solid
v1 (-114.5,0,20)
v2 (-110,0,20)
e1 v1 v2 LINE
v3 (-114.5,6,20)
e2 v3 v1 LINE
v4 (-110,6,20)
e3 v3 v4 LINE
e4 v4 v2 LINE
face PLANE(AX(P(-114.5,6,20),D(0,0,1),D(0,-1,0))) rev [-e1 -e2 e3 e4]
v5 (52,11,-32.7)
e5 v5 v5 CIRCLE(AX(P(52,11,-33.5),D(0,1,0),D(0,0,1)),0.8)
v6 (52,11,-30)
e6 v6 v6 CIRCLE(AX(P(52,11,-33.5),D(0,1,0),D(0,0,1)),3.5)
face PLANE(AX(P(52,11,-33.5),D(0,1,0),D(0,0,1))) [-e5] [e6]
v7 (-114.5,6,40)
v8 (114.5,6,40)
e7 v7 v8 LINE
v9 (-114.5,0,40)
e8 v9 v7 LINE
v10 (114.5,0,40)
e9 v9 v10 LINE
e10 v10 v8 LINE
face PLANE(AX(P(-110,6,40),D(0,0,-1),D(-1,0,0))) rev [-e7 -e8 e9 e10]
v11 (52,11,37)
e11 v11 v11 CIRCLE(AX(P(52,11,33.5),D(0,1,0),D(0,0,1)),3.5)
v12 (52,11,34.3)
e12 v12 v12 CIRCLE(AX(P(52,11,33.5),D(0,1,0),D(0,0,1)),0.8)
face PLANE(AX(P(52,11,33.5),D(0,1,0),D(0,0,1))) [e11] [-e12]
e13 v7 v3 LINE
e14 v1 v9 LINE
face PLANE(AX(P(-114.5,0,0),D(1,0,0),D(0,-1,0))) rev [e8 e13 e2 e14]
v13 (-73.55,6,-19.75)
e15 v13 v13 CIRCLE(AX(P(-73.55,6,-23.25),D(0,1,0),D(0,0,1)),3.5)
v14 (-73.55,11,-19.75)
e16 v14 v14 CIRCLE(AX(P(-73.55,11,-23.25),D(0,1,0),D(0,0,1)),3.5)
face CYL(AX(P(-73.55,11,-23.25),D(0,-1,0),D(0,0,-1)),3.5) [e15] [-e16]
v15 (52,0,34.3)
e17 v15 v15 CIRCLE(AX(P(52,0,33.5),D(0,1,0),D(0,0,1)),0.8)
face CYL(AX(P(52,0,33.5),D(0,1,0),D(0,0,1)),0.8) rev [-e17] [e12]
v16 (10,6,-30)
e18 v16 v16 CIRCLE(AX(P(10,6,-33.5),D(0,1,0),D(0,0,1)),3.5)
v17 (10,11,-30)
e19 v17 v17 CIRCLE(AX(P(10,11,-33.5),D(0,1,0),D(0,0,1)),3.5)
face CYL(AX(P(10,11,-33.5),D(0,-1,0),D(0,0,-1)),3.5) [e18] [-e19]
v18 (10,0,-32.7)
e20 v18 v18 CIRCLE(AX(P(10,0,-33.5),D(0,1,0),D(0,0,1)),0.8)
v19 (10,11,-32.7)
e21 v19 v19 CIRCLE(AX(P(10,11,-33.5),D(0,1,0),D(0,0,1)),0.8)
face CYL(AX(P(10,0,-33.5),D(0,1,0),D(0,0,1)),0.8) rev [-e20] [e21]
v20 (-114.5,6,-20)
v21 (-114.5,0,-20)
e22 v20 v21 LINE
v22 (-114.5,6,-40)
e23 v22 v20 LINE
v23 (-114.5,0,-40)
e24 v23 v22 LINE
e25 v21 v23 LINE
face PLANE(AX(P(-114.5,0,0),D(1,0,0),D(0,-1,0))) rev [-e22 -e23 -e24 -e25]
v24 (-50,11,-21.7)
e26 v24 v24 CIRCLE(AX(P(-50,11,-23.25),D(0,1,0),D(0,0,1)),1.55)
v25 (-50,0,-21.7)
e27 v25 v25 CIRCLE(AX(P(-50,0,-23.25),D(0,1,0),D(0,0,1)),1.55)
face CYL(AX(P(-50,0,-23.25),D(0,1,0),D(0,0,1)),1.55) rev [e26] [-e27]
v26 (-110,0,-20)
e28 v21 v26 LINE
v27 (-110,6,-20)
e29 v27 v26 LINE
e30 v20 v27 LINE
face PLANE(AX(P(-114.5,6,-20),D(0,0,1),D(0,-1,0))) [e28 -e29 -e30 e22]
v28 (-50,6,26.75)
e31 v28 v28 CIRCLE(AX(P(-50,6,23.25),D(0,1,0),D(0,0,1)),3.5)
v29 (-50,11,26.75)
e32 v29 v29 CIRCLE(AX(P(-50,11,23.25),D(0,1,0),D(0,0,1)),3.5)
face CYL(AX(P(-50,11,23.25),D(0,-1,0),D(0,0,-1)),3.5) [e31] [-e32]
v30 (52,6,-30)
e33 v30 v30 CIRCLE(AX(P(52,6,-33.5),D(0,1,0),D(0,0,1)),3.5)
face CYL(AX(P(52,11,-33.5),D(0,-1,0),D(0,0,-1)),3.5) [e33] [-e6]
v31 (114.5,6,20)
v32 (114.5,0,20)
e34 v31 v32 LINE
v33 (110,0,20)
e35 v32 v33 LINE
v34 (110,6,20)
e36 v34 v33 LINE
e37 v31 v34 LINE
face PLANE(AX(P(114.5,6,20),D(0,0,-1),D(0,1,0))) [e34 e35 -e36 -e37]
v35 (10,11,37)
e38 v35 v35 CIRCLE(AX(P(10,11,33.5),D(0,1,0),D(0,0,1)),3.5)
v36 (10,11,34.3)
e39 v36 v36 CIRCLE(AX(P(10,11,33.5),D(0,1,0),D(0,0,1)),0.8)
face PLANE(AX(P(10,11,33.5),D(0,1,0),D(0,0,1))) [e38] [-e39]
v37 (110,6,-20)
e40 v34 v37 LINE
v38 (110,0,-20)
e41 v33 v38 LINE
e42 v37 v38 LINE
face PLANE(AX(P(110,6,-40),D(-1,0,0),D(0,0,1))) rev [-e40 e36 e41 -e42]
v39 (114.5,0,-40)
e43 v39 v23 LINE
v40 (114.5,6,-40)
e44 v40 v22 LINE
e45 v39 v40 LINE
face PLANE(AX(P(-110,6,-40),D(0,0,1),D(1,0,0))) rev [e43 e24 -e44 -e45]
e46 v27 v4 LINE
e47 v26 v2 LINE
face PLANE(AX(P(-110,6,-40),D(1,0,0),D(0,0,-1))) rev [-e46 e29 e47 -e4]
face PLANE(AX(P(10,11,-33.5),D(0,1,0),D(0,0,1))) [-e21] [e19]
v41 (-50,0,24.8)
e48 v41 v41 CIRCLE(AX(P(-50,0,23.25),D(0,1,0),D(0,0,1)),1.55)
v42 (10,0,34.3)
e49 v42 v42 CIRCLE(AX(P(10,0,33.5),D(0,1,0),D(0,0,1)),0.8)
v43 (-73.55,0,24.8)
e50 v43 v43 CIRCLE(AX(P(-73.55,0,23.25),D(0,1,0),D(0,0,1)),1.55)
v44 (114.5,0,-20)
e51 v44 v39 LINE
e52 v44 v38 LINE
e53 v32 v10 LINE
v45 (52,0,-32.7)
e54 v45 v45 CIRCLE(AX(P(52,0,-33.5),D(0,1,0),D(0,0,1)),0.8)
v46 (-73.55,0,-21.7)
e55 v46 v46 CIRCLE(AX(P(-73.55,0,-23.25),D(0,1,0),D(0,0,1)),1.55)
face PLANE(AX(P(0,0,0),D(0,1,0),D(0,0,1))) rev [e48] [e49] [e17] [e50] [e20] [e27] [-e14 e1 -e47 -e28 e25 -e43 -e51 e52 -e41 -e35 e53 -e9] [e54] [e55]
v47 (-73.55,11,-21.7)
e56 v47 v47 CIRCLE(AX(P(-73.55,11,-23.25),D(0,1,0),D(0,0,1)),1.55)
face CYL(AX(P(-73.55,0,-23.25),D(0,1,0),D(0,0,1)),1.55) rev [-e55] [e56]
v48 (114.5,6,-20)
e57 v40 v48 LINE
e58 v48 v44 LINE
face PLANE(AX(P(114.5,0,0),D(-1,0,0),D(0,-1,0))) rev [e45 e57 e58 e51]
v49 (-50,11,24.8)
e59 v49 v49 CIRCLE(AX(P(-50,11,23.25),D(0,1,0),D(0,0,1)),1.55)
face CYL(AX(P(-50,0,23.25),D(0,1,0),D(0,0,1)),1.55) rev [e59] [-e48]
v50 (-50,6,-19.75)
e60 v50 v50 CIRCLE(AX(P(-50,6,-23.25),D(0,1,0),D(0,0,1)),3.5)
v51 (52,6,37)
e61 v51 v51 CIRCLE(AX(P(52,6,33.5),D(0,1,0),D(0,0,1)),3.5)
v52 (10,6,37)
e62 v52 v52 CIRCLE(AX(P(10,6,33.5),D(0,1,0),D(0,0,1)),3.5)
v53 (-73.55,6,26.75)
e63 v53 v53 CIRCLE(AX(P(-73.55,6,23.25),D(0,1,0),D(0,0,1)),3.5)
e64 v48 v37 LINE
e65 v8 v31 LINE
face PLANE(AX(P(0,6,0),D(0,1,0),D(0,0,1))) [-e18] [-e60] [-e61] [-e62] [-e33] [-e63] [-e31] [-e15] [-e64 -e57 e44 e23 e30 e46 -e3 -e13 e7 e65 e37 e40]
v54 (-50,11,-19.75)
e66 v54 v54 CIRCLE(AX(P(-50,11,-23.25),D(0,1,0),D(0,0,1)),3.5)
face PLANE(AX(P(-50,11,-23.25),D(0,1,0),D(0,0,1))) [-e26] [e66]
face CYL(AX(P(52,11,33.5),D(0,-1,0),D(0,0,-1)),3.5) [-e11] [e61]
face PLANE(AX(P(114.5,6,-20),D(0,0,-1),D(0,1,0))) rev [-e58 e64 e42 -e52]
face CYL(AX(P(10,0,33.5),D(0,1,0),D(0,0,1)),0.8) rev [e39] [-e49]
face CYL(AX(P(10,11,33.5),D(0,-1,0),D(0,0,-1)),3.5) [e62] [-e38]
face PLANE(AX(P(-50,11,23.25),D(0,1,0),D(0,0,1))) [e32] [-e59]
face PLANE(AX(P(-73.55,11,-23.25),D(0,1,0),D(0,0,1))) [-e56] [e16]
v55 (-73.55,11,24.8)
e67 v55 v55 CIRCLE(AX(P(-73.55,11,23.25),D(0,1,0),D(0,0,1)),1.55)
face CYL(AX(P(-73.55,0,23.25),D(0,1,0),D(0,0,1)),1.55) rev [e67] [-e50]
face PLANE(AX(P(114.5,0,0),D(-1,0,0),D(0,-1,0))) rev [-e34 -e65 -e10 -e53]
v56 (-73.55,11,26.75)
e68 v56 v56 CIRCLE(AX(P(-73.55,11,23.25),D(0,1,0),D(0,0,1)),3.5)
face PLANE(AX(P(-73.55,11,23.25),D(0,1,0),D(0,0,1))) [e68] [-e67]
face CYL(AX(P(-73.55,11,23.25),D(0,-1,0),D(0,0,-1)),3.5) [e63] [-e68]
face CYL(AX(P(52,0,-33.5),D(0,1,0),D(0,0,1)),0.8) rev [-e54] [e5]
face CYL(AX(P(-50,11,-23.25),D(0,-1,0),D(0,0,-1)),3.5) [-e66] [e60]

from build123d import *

# Parameters (mm, degrees)
SKETCH2_W                                  = 220
SKETCH2_H                                  = 80
MAIN_DEPTH                                 = 6
SKETCH3_W                                  = 20
SKETCH3_H                                  = 6
TAB_DEPTH                                  = 4.5
MIRROR1_AT_THE_SECOND_PLANE_COPY_1_SKETC_W = 20
MIRROR1_AT_THE_SECOND_PLANE_COPY_1_SKETC_H = 6
MIRROR1_AT_THE_SECOND_PLANE_COPY_1_DEPTH   = 4.5
SKETCH4_R                                  = 0.8
SKETCH4_R_2                                = 1.55
PCB_HOLES_DEPTH                            = 122.434138528
PCB_START                                  = 5
SKETCH5_R                                  = 3.5
SKETCH5_R_2                                = 1.55
SKETCH5_R_3                                = 0.8
PCB_PEGS_DEPTH                             = 5


with BuildPart() as part:
    # Sketch2 → Main (new body)
    with BuildSketch(Plane(origin=(0, 0, 0), x_dir=(1, 0, 0), z_dir=(0, 1, 0))):
        Rectangle(SKETCH2_W, SKETCH2_H)
    extrude(amount=MAIN_DEPTH)

    # Sketch3 → Tab (add)
    with BuildSketch(Plane(origin=(110, 0, 0), x_dir=(0, 0, -1), z_dir=(1, 0, 0))):
        with Locations((30, 3)):
            Rectangle(SKETCH3_W, SKETCH3_H)
    tab = extrude(amount=TAB_DEPTH)

    # Mirror1: Tab across plane
    add(tab.mirror(Plane(origin=(0, 0, 0), x_dir=(0, 0, 1), z_dir=(1, 0, 0))))

    # Mirror1 at the second plane: Tab across plane
    add(tab.mirror(Plane.XY))

    # Mirror1 at the second plane copy 1 sketc → Mirror1 at the second plane copy 1 (add)
    with BuildSketch(Plane.ZY.offset(110)):
        with Locations((30, 3)):
            Rectangle(MIRROR1_AT_THE_SECOND_PLANE_COPY_1_SKETC_W, MIRROR1_AT_THE_SECOND_PLANE_COPY_1_SKETC_H)
    extrude(amount=MIRROR1_AT_THE_SECOND_PLANE_COPY_1_DEPTH)

    # Sketch4 → PCB holes (cut, through all)
    with BuildSketch(Plane(origin=(0, 6, 0), x_dir=(1, 0, 0), z_dir=(0, 1, 0))):
        with Locations(Location((10, 33.5, 0), (0, 0, 270))):
            Circle(SKETCH4_R)
        with Locations(Location((52, 33.5, 0), (0, 0, 270))):
            Circle(SKETCH4_R)
        with Locations(Location((52, -33.5, 0), (0, 0, 270))):
            Circle(SKETCH4_R)
        with Locations(Location((10, -33.5, 0), (0, 0, 270))):
            Circle(SKETCH4_R)
        with Locations(Location((-73.55, 23.25, 0), (0, 0, 270))):
            Circle(SKETCH4_R_2)
        with Locations(Location((-50, 23.25, 0), (0, 0, 270))):
            Circle(SKETCH4_R_2)
        with Locations(Location((-50, -23.25, 0), (0, 0, 270))):
            Circle(SKETCH4_R_2)
        with Locations(Location((-73.55, -23.25, 0), (0, 0, 270))):
            Circle(SKETCH4_R_2)
    extrude(amount=-PCB_HOLES_DEPTH, mode=Mode.SUBTRACT)

    # Sketch5 → PCB pegs (add)
    # profile 1 of 8: a face of its own
    with BuildSketch(Plane(origin=(0, 6, 0), x_dir=(1, 0, 0), z_dir=(0, 1, 0)).offset(PCB_START)):
        with Locations(Location((-73.55, 23.25, 0), (0, 0, 270))):
            Circle(SKETCH5_R)
        with Locations(Location((-73.55, 23.25, 0), (0, 0, 270))):
            Circle(SKETCH5_R_2, mode=Mode.SUBTRACT)
    # profile 2 of 8: a face of its own
    with BuildSketch(Plane(origin=(0, 6, 0), x_dir=(1, 0, 0), z_dir=(0, 1, 0)).offset(PCB_START)):
        with Locations(Location((-50, 23.25, 0), (0, 0, 270))):
            Circle(SKETCH5_R)
        with Locations(Location((-50, 23.25, 0), (0, 0, 270))):
            Circle(SKETCH5_R_2, mode=Mode.SUBTRACT)
    # profile 3 of 8: a face of its own
    with BuildSketch(Plane(origin=(0, 6, 0), x_dir=(1, 0, 0), z_dir=(0, 1, 0)).offset(PCB_START)):
        with Locations(Location((-73.55, -23.25, 0), (0, 0, 270))):
            Circle(SKETCH5_R)
        with Locations(Location((-73.55, -23.25, 0), (0, 0, 270))):
            Circle(SKETCH5_R_2, mode=Mode.SUBTRACT)
    # profile 4 of 8: a face of its own
    with BuildSketch(Plane(origin=(0, 6, 0), x_dir=(1, 0, 0), z_dir=(0, 1, 0)).offset(PCB_START)):
        with Locations(Location((-50, -23.25, 0), (0, 0, 270))):
            Circle(SKETCH5_R)
        with Locations(Location((-50, -23.25, 0), (0, 0, 270))):
            Circle(SKETCH5_R_2, mode=Mode.SUBTRACT)
    # profile 5 of 8: a face of its own
    with BuildSketch(Plane(origin=(0, 6, 0), x_dir=(1, 0, 0), z_dir=(0, 1, 0)).offset(PCB_START)):
        with Locations(Location((10, -33.5, 0), (0, 0, 270))):
            Circle(SKETCH5_R)
        with Locations(Location((10, -33.5, 0), (0, 0, 270))):
            Circle(SKETCH5_R_3, mode=Mode.SUBTRACT)
    # profile 6 of 8: a face of its own
    with BuildSketch(Plane(origin=(0, 6, 0), x_dir=(1, 0, 0), z_dir=(0, 1, 0)).offset(PCB_START)):
        with Locations(Location((52, -33.5, 0), (0, 0, 270))):
            Circle(SKETCH5_R)
        with Locations(Location((52, -33.5, 0), (0, 0, 270))):
            Circle(SKETCH5_R_3, mode=Mode.SUBTRACT)
    # profile 7 of 8: a face of its own
    with BuildSketch(Plane(origin=(0, 6, 0), x_dir=(1, 0, 0), z_dir=(0, 1, 0)).offset(PCB_START)):
        with Locations(Location((52, 33.5, 0), (0, 0, 270))):
            Circle(SKETCH5_R)
        with Locations(Location((52, 33.5, 0), (0, 0, 270))):
            Circle(SKETCH5_R_3, mode=Mode.SUBTRACT)
    # profile 8 of 8: a face of its own
    with BuildSketch(Plane(origin=(0, 6, 0), x_dir=(1, 0, 0), z_dir=(0, 1, 0)).offset(PCB_START)):
        with Locations(Location((10, 33.5, 0), (0, 0, 270))):
            Circle(SKETCH5_R)
        with Locations(Location((10, 33.5, 0), (0, 0, 270))):
            Circle(SKETCH5_R_3, mode=Mode.SUBTRACT)
    extrude(amount=-PCB_PEGS_DEPTH)


solid = part.part
